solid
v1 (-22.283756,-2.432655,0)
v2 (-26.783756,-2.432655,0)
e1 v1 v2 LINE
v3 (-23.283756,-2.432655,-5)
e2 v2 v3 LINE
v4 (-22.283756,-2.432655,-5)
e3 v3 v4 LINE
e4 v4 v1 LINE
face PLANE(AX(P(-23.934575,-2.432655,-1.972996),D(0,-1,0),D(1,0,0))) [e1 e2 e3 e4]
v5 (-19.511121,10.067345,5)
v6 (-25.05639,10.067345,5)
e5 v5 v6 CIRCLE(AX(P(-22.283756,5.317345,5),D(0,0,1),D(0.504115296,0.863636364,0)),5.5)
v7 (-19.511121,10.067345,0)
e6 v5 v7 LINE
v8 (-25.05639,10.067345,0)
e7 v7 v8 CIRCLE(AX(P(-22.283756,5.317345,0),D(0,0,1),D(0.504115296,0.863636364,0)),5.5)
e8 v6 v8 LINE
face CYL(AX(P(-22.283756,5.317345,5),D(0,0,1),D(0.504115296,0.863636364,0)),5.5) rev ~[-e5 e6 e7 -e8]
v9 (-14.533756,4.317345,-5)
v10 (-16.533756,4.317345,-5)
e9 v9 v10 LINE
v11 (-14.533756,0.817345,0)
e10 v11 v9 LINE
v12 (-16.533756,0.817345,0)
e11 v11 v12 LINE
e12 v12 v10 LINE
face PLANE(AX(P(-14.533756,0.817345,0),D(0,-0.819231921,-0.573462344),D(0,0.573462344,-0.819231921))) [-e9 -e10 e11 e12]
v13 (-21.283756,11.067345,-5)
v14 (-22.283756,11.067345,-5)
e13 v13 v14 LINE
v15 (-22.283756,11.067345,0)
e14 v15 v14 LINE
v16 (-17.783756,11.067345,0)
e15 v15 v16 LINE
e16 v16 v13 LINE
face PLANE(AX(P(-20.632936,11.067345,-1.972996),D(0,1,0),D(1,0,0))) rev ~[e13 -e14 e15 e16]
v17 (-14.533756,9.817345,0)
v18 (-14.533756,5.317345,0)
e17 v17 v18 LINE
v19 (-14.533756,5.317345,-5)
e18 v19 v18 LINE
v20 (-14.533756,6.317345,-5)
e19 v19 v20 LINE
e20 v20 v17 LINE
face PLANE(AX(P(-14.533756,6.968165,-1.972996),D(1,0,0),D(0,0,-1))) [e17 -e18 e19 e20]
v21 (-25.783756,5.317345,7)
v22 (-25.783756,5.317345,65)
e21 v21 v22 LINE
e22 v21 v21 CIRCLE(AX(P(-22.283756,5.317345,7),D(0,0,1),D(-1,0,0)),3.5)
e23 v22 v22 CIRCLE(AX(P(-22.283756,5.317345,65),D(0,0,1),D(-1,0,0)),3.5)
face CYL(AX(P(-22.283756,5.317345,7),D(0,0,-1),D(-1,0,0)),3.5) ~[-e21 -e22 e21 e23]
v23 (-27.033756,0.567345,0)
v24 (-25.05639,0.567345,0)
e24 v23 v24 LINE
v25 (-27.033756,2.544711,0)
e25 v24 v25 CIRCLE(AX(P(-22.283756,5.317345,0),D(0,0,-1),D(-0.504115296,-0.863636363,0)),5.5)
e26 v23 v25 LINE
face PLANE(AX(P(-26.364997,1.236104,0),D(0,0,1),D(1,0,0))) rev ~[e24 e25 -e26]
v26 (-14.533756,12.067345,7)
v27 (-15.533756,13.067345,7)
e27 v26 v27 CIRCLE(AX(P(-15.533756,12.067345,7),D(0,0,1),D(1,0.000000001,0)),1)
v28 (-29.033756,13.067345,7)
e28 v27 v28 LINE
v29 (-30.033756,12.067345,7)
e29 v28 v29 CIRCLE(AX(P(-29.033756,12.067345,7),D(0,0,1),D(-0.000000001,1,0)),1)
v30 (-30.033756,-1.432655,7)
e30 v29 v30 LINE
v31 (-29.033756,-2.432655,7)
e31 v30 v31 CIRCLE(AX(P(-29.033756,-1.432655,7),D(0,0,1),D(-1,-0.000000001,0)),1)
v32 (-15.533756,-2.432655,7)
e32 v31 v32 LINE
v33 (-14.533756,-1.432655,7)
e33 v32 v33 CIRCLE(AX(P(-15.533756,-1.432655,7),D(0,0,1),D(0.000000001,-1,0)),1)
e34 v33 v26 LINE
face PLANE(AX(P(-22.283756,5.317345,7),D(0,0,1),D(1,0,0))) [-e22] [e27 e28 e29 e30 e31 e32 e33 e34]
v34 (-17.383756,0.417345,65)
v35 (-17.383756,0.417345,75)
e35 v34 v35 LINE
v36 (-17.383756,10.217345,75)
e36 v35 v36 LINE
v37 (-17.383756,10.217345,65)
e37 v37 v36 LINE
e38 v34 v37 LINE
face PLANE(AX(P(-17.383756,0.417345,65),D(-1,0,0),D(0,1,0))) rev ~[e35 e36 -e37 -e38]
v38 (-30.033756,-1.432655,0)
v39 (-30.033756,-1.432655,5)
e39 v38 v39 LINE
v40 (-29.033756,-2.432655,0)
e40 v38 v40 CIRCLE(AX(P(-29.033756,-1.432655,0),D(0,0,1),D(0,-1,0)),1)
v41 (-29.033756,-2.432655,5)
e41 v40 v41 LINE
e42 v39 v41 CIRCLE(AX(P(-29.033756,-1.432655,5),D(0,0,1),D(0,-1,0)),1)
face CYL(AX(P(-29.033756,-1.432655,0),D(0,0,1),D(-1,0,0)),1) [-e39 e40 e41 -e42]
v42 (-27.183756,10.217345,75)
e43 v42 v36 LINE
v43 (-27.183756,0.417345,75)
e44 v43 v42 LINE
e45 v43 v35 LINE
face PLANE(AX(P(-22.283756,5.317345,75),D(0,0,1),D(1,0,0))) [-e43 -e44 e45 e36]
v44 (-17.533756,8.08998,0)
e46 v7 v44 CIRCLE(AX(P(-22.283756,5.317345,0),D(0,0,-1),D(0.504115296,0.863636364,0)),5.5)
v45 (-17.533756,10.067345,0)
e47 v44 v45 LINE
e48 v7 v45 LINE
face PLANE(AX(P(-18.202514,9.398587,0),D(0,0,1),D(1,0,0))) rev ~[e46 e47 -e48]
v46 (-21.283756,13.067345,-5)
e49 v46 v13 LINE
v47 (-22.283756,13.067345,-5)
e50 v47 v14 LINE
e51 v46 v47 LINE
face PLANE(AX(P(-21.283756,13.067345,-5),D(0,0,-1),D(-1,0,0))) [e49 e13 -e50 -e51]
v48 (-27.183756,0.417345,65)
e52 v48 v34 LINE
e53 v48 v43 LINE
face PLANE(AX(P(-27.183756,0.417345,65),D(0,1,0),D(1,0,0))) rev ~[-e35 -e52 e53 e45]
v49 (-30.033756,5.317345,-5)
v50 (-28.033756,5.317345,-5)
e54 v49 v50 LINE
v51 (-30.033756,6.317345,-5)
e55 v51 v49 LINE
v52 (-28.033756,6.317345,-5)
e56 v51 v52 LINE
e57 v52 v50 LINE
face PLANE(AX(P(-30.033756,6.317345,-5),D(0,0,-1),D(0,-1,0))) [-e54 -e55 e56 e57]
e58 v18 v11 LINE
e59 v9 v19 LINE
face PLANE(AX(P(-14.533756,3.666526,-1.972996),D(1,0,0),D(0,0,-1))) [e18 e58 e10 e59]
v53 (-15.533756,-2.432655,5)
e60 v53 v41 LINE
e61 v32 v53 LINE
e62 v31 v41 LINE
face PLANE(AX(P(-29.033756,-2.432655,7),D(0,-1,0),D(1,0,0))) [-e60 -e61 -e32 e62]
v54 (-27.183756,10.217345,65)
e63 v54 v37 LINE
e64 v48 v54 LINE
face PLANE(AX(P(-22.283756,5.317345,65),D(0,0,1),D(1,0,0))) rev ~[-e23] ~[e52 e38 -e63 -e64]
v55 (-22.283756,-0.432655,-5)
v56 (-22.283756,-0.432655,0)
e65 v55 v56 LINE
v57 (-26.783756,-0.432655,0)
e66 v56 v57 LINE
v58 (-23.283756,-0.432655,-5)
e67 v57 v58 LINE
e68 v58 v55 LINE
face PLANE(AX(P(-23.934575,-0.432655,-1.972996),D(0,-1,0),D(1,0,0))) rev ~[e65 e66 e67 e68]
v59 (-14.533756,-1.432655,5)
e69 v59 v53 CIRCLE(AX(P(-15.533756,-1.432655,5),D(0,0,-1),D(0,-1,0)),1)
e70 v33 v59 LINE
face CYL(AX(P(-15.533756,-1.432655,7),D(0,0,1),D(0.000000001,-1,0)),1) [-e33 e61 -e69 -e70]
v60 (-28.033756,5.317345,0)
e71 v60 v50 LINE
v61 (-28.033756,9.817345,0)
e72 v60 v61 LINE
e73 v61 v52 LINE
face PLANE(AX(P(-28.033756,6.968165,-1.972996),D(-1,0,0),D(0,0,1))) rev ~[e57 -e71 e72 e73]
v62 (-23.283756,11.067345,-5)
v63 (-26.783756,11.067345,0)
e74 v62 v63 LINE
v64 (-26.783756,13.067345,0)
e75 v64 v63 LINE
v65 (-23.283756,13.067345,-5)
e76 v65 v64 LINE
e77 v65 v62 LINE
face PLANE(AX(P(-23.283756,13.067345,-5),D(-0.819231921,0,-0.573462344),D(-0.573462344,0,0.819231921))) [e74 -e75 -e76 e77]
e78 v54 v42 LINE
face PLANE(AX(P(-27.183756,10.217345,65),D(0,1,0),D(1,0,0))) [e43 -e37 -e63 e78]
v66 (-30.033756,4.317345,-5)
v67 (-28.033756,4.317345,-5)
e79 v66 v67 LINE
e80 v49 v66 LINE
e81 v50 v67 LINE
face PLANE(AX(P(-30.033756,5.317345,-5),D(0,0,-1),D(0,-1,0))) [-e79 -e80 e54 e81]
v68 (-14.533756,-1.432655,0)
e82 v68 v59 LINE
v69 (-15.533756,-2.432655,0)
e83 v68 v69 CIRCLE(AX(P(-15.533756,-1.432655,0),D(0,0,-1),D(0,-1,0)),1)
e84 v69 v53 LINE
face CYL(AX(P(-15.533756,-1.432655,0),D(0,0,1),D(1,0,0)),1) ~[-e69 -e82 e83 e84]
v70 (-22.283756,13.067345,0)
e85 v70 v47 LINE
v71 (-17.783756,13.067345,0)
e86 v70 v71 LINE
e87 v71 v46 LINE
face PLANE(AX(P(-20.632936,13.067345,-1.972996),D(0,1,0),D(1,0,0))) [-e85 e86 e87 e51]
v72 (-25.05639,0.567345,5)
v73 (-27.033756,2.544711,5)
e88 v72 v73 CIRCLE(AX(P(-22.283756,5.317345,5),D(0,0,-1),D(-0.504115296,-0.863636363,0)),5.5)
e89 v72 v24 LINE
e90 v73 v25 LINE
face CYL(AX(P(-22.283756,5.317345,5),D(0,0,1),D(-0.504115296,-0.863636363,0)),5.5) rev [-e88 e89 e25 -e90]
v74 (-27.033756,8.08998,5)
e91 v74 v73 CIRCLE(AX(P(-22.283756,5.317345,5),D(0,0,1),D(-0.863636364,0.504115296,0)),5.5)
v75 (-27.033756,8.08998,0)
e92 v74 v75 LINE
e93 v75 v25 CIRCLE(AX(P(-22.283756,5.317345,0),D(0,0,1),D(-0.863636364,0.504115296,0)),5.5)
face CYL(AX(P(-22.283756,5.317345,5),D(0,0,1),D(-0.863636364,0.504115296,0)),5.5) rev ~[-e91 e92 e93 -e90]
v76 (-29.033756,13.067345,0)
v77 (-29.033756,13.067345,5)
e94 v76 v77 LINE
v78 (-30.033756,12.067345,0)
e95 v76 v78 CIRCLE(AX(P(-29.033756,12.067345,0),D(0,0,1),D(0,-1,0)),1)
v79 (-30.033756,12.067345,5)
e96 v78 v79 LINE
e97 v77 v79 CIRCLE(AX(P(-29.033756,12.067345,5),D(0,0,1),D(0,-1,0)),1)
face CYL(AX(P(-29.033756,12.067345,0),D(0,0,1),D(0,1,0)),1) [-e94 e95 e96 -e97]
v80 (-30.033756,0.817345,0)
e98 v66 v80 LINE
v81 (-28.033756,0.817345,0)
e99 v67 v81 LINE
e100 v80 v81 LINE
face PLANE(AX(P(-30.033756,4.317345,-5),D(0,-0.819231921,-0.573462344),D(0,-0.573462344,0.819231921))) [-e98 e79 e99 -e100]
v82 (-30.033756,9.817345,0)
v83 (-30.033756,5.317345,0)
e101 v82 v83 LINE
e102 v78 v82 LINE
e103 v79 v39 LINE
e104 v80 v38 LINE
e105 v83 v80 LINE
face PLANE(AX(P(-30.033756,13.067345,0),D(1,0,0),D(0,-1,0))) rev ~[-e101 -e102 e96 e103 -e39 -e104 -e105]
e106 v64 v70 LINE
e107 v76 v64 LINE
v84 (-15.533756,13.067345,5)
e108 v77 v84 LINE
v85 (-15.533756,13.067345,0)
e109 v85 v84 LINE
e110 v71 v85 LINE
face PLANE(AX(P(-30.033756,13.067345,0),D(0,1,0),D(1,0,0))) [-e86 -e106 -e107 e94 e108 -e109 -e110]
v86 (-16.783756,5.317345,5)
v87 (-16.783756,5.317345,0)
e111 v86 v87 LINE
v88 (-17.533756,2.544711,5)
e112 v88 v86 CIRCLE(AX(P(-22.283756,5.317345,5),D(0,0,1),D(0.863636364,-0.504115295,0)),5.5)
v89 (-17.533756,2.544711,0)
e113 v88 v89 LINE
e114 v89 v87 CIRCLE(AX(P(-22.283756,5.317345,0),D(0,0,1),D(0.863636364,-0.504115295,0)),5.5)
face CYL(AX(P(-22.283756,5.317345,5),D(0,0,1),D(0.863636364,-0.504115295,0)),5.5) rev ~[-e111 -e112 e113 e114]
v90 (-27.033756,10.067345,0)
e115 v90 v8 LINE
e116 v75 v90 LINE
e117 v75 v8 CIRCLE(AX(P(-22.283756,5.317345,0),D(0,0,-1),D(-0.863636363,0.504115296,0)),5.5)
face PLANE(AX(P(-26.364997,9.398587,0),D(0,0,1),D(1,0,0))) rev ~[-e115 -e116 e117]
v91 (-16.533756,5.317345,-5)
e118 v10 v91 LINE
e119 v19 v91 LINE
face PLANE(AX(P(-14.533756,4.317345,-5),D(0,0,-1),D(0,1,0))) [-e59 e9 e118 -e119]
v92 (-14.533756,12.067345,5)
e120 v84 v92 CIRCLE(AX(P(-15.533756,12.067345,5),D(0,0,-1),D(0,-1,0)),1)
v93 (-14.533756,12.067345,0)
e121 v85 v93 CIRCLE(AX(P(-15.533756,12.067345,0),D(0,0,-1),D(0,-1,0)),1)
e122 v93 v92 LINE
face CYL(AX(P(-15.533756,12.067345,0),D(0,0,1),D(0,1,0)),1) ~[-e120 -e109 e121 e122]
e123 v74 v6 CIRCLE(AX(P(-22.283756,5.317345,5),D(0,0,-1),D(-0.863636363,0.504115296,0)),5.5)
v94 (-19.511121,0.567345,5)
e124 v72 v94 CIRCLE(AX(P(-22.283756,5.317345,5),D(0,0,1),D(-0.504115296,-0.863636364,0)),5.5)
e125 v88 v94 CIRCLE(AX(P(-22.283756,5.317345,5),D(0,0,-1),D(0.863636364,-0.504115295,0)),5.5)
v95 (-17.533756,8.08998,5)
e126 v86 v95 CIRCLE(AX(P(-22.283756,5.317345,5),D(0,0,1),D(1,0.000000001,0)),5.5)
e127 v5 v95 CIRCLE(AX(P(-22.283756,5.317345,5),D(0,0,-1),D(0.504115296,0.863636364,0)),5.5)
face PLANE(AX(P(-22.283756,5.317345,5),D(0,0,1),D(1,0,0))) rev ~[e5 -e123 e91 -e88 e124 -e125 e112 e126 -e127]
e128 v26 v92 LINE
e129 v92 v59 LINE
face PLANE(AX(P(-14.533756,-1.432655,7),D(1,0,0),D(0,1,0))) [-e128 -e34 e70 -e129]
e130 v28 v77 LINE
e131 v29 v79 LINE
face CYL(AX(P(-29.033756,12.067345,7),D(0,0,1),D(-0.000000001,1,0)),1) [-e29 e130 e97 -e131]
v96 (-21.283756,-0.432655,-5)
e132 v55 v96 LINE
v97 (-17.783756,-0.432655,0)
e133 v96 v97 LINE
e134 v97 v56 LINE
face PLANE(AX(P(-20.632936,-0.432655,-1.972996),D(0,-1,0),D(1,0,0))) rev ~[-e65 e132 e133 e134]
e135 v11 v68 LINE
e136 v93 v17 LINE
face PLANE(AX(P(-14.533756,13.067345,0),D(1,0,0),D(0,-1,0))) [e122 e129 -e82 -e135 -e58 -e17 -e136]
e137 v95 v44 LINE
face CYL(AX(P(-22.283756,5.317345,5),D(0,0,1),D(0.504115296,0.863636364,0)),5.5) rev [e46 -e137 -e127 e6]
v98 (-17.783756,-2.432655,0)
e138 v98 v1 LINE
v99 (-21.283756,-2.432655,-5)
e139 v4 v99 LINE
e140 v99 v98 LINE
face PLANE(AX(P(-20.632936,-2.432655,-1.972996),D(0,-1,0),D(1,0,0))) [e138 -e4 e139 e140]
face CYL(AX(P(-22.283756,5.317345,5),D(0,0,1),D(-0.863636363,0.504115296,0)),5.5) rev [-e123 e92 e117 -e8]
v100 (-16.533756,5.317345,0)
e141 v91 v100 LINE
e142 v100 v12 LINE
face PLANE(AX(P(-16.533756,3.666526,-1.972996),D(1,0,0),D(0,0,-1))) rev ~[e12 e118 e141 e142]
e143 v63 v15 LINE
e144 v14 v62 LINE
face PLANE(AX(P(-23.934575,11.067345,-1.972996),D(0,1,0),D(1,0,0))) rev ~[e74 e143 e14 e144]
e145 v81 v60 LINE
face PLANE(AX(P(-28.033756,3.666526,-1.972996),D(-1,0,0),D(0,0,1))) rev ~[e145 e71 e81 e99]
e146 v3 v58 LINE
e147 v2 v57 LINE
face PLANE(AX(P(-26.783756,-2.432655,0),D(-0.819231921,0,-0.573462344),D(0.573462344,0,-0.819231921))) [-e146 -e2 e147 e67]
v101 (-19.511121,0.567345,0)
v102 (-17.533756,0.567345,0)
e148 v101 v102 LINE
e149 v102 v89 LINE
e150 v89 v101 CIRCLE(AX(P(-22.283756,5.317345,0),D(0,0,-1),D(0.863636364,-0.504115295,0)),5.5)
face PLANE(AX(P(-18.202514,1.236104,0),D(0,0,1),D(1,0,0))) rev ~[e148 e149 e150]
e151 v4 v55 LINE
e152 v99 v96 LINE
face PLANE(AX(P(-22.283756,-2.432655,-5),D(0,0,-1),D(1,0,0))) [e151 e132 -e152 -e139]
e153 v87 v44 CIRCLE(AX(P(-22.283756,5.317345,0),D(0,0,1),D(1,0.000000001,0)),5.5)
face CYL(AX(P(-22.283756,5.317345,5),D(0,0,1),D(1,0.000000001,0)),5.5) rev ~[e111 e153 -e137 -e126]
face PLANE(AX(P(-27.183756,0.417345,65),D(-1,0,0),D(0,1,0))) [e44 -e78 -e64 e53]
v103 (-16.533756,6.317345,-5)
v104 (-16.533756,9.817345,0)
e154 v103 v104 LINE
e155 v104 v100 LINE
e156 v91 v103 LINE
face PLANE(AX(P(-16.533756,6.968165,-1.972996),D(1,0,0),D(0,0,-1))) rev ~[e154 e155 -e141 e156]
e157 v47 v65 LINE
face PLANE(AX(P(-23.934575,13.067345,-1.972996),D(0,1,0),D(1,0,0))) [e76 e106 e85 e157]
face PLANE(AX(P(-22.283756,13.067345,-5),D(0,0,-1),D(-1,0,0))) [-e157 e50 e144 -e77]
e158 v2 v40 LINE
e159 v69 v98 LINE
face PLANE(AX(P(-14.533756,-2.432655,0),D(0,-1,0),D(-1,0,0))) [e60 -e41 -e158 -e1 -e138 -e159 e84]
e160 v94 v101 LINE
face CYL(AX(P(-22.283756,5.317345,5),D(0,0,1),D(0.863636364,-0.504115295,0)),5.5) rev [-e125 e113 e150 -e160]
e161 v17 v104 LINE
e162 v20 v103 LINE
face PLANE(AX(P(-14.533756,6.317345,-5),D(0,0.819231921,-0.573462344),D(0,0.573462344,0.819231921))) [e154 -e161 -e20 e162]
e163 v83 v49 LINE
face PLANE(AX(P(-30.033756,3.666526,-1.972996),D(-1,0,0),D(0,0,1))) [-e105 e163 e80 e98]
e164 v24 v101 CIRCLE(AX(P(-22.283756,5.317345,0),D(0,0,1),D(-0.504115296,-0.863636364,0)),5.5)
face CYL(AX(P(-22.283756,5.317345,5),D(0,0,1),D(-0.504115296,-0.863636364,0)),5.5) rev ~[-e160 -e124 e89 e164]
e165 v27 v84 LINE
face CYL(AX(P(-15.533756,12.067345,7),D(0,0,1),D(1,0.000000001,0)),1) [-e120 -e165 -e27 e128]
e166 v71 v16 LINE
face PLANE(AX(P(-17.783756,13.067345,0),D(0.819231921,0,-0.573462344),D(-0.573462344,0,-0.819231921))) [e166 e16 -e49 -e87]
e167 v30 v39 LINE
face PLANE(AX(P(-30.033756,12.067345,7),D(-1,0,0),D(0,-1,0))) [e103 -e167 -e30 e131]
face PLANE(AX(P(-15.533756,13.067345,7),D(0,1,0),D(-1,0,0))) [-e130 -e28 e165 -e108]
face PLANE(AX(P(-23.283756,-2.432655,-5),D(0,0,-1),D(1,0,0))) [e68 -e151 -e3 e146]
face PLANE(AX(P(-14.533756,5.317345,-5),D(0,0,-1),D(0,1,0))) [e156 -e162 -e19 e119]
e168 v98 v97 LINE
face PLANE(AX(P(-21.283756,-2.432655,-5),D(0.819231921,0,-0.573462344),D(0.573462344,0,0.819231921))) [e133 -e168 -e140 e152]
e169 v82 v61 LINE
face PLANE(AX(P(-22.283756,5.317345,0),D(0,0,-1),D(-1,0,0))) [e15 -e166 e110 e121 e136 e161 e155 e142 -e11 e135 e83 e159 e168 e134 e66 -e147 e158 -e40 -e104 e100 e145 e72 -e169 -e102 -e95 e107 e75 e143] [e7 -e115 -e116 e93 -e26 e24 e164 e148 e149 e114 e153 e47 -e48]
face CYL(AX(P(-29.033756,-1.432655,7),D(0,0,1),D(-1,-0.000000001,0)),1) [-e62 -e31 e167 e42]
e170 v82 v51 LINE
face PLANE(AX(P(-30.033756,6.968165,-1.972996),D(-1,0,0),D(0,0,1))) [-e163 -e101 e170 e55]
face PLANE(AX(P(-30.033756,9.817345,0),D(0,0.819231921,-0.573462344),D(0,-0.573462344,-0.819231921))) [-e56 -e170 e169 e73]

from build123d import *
from build123d.topology import SkipClean

# Parameters (mm, degrees)
SKETCH_1_W          = 9.5
SKETCH_1_H          = 9.5
EXTRUDE_2_DEPTH     = 5
FILLET_2_R          = 1
CUT_EXTRUDE_1_DEPTH = 34.132793262
EXTRUDE_3_DEPTH     = 5
EXTRUDE_5_DEPTH     = 2
EXTRUDE_6_DEPTH     = 2
EXTRUDE_7_DEPTH     = 2
EXTRUDE_8_DEPTH     = 2
EXTRUDE_START       = 2
EXTRUDE_10_DEPTH    = 2
SKETCH_15_R         = 3.5
EXTRUDE_11_DEPTH    = 58
SKETCH_16_W         = 9.8
SKETCH_16_H         = 9.8
EXTRUDE_12_DEPTH    = 10


with BuildPart() as part:
    # 草图1 → 凸台-拉伸2 (new body)
    with BuildSketch(Plane.XY):
        Polygon((-30.033755564, 13.067345411), (-14.533755564, 13.067345411), (-14.533755564, -2.432654589), (-30.033755564, -2.432654589), (-30.033755564, 10.067345411), align=None)
        with Locations((-22.283755564, 5.317345411)):
            Rectangle(SKETCH_1_W, SKETCH_1_H, mode=Mode.SUBTRACT)
    extrude(amount=EXTRUDE_2_DEPTH)

    # 圆角2
    fillet_2_edges = [part.edges().sort_by_distance(p)[0] for p in [
        (-30.033755564, 13.067345411, 2.5),
        (-14.533755564, 13.067345411, 2.5),
        (-14.533755564, -2.432654589, 2.5),
        (-30.033755564, -2.432654589, 2.5),
    ]]
    fillet(fillet_2_edges, radius=FILLET_2_R)

    # 草图2 → 切除-拉伸1 (cut, through all)
    with BuildSketch(Plane.XY.offset(5)):
        with BuildLine():
            ThreePointArc((-16.783755564, 5.317345411), (-16.974565419, 6.753486072), (-17.533755564, 8.089979537))
            Line((-17.533755564, 8.089979537), (-17.533755564, 2.544711284))
            ThreePointArc((-17.533755564, 2.544711284), (-16.974565419, 3.881204749), (-16.783755564, 5.317345411))
        make_face()
        with BuildLine():
            ThreePointArc((-19.511121437, 10.067345411), (-22.283755564, 10.817345411), (-25.056389691, 10.067345411))
            Line((-25.056389691, 10.067345411), (-22.283755564, 10.067345411))
            Line((-22.283755564, 10.067345411), (-19.511121437, 10.067345411))
        make_face()
        with BuildLine():
            Line((-27.033755564, 2.544711284), (-27.033755564, 8.089979537))
            ThreePointArc((-27.033755564, 8.089979537), (-27.783755564, 5.317345411), (-27.033755564, 2.544711284))
        make_face()
        with BuildLine():
            Line((-19.511121437, 0.567345411), (-22.283755564, 0.567345411))
            Line((-22.283755564, 0.567345411), (-25.056389691, 0.567345411))
            ThreePointArc((-25.056389691, 0.567345411), (-22.283755564, -0.182654589), (-19.511121437, 0.567345411))
        make_face()
    extrude(amount=-CUT_EXTRUDE_1_DEPTH, mode=Mode.SUBTRACT)

    # 草图4 → 凸台-拉伸3 (add)
    with SkipClean():  # the faces are left unmerged after this step: merging them gives an invalid solid
        with BuildSketch(Plane.XY.offset(5)):
            with BuildLine():
                Line((-25.056389691, 10.067345411), (-27.033755564, 10.067345411))
                Line((-27.033755564, 10.067345411), (-27.033755564, 8.089979537))
                ThreePointArc((-27.033755564, 8.089979537), (-26.17284286, 9.206432707), (-25.056389691, 10.067345411))
            make_face()
            with BuildLine():
                Line((-17.533755564, 10.067345411), (-19.511121437, 10.067345411))
                ThreePointArc((-19.511121437, 10.067345411), (-18.394668267, 9.206432707), (-17.533755564, 8.089979537))
                Line((-17.533755564, 8.089979537), (-17.533755564, 10.067345411))
            make_face()
            with BuildLine():
                Line((-17.533755564, 0.567345411), (-17.533755564, 2.544711284))
                ThreePointArc((-17.533755564, 2.544711284), (-18.394668267, 1.428258114), (-19.511121437, 0.567345411))
                Line((-19.511121437, 0.567345411), (-17.533755564, 0.567345411))
            make_face()
            with BuildLine():
                ThreePointArc((-25.056389691, 0.567345411), (-26.17284286, 1.428258114), (-27.033755564, 2.544711284))
                Line((-27.033755564, 2.544711284), (-27.033755564, 0.567345411))
                Line((-27.033755564, 0.567345411), (-25.056389691, 0.567345411))
            make_face()
        extrude(amount=-EXTRUDE_3_DEPTH)

    # 草图9 → 凸台-拉伸5 (add)
    with SkipClean():  # the faces are left unmerged after this step: merging them gives an invalid solid
        with BuildSketch(Plane.XZ.offset(2.432654589)):
            Polygon((-22.283755564, -5), (-22.283755564, 0), (-26.783755564, 0), (-23.283755564, -5), align=None)
            Polygon((-17.783755564, 0), (-22.283755564, 0), (-22.283755564, -5), (-21.283755564, -5), align=None)
        extrude(amount=-EXTRUDE_5_DEPTH)

    # 草图10 → 凸台-拉伸6 (add)
    with SkipClean():  # the faces are left unmerged after this step: merging them gives an invalid solid
        with BuildSketch(Plane(origin=(-14.533755564, 0, 0), x_dir=(0, 0, -1), z_dir=(1, 0, 0))):
            Polygon((5, 5.317345411), (0, 5.317345411), (0, 0.817345411), (5, 4.317345411), align=None)
            Polygon((0, 9.817345411), (0, 5.317345411), (5, 5.317345411), (5, 6.317345411), align=None)
        extrude(amount=-EXTRUDE_6_DEPTH)

    # 草图11 → 凸台-拉伸7 (add)
    with SkipClean():  # the faces are left unmerged after this step: merging them gives an invalid solid
        with BuildSketch(Plane.ZY.offset(30.033755564)):
            Polygon((0, 0.817345411), (0, 5.317345411), (-5, 5.317345411), (-5, 4.317345411), align=None)
            Polygon((-5, 5.317345411), (0, 5.317345411), (0, 9.817345411), (-5, 6.317345411), align=None)
        extrude(amount=-EXTRUDE_7_DEPTH)

    # 草图12 → 凸台-拉伸8 (add)
    with SkipClean():  # the faces are left unmerged after this step: merging them gives an invalid solid
        with BuildSketch(Plane(origin=(0, 13.067345411, 0), x_dir=(1, 0, 0), z_dir=(0, 1, 0))):
            Polygon((-26.783755564, 0), (-22.283755564, 0), (-22.283755564, 5), (-23.283755564, 5), align=None)
            Polygon((-22.283755564, 5), (-22.283755564, 0), (-17.783755564, 0), (-21.283755564, 5), align=None)
        extrude(amount=-EXTRUDE_8_DEPTH)

    # 草图13 → 凸台-拉伸10 (add)
    with SkipClean():  # the faces are left unmerged after this step: merging them gives an invalid solid
        with BuildSketch(Plane.XY.offset(5).offset(EXTRUDE_START)):
            with BuildLine():
                Line((-30.033755564, 12.067345411), (-30.033755564, -1.432654589))
                ThreePointArc((-30.033755564, -1.432654589), (-29.740862345, -2.13976137), (-29.033755564, -2.432654589))
                Line((-29.033755564, -2.432654589), (-15.533755564, -2.432654589))
                ThreePointArc((-15.533755564, -2.432654589), (-14.826648783, -2.13976137), (-14.533755564, -1.432654589))
                Line((-14.533755564, -1.432654589), (-14.533755564, 12.067345411))
                ThreePointArc((-14.533755564, 12.067345411), (-14.826648783, 12.774452192), (-15.533755564, 13.067345411))
                Line((-15.533755564, 13.067345411), (-29.033755564, 13.067345411))
                ThreePointArc((-29.033755564, 13.067345411), (-29.740862345, 12.774452192), (-30.033755564, 12.067345411))
            make_face()
        extrude(amount=-EXTRUDE_10_DEPTH)

    # 草图15 → 凸台-拉伸11 (add)
    with SkipClean():  # the faces are left unmerged after this step: merging them gives an invalid solid
        with BuildSketch(Plane.XY.offset(7)):
            with Locations(Location((-22.283755564, 5.317345411, 0), (0, 0, 180))):
                Circle(SKETCH_15_R)
        extrude(amount=EXTRUDE_11_DEPTH)

    # 草图16 → 凸台-拉伸12 (add)
    with SkipClean():  # the faces are left unmerged after this step: merging them gives an invalid solid
        with BuildSketch(Plane.XY.offset(65)):
            with Locations((-22.283755564, 5.317345411)):
                Rectangle(SKETCH_16_W, SKETCH_16_H)
        extrude(amount=EXTRUDE_12_DEPTH)


solid = part.part
